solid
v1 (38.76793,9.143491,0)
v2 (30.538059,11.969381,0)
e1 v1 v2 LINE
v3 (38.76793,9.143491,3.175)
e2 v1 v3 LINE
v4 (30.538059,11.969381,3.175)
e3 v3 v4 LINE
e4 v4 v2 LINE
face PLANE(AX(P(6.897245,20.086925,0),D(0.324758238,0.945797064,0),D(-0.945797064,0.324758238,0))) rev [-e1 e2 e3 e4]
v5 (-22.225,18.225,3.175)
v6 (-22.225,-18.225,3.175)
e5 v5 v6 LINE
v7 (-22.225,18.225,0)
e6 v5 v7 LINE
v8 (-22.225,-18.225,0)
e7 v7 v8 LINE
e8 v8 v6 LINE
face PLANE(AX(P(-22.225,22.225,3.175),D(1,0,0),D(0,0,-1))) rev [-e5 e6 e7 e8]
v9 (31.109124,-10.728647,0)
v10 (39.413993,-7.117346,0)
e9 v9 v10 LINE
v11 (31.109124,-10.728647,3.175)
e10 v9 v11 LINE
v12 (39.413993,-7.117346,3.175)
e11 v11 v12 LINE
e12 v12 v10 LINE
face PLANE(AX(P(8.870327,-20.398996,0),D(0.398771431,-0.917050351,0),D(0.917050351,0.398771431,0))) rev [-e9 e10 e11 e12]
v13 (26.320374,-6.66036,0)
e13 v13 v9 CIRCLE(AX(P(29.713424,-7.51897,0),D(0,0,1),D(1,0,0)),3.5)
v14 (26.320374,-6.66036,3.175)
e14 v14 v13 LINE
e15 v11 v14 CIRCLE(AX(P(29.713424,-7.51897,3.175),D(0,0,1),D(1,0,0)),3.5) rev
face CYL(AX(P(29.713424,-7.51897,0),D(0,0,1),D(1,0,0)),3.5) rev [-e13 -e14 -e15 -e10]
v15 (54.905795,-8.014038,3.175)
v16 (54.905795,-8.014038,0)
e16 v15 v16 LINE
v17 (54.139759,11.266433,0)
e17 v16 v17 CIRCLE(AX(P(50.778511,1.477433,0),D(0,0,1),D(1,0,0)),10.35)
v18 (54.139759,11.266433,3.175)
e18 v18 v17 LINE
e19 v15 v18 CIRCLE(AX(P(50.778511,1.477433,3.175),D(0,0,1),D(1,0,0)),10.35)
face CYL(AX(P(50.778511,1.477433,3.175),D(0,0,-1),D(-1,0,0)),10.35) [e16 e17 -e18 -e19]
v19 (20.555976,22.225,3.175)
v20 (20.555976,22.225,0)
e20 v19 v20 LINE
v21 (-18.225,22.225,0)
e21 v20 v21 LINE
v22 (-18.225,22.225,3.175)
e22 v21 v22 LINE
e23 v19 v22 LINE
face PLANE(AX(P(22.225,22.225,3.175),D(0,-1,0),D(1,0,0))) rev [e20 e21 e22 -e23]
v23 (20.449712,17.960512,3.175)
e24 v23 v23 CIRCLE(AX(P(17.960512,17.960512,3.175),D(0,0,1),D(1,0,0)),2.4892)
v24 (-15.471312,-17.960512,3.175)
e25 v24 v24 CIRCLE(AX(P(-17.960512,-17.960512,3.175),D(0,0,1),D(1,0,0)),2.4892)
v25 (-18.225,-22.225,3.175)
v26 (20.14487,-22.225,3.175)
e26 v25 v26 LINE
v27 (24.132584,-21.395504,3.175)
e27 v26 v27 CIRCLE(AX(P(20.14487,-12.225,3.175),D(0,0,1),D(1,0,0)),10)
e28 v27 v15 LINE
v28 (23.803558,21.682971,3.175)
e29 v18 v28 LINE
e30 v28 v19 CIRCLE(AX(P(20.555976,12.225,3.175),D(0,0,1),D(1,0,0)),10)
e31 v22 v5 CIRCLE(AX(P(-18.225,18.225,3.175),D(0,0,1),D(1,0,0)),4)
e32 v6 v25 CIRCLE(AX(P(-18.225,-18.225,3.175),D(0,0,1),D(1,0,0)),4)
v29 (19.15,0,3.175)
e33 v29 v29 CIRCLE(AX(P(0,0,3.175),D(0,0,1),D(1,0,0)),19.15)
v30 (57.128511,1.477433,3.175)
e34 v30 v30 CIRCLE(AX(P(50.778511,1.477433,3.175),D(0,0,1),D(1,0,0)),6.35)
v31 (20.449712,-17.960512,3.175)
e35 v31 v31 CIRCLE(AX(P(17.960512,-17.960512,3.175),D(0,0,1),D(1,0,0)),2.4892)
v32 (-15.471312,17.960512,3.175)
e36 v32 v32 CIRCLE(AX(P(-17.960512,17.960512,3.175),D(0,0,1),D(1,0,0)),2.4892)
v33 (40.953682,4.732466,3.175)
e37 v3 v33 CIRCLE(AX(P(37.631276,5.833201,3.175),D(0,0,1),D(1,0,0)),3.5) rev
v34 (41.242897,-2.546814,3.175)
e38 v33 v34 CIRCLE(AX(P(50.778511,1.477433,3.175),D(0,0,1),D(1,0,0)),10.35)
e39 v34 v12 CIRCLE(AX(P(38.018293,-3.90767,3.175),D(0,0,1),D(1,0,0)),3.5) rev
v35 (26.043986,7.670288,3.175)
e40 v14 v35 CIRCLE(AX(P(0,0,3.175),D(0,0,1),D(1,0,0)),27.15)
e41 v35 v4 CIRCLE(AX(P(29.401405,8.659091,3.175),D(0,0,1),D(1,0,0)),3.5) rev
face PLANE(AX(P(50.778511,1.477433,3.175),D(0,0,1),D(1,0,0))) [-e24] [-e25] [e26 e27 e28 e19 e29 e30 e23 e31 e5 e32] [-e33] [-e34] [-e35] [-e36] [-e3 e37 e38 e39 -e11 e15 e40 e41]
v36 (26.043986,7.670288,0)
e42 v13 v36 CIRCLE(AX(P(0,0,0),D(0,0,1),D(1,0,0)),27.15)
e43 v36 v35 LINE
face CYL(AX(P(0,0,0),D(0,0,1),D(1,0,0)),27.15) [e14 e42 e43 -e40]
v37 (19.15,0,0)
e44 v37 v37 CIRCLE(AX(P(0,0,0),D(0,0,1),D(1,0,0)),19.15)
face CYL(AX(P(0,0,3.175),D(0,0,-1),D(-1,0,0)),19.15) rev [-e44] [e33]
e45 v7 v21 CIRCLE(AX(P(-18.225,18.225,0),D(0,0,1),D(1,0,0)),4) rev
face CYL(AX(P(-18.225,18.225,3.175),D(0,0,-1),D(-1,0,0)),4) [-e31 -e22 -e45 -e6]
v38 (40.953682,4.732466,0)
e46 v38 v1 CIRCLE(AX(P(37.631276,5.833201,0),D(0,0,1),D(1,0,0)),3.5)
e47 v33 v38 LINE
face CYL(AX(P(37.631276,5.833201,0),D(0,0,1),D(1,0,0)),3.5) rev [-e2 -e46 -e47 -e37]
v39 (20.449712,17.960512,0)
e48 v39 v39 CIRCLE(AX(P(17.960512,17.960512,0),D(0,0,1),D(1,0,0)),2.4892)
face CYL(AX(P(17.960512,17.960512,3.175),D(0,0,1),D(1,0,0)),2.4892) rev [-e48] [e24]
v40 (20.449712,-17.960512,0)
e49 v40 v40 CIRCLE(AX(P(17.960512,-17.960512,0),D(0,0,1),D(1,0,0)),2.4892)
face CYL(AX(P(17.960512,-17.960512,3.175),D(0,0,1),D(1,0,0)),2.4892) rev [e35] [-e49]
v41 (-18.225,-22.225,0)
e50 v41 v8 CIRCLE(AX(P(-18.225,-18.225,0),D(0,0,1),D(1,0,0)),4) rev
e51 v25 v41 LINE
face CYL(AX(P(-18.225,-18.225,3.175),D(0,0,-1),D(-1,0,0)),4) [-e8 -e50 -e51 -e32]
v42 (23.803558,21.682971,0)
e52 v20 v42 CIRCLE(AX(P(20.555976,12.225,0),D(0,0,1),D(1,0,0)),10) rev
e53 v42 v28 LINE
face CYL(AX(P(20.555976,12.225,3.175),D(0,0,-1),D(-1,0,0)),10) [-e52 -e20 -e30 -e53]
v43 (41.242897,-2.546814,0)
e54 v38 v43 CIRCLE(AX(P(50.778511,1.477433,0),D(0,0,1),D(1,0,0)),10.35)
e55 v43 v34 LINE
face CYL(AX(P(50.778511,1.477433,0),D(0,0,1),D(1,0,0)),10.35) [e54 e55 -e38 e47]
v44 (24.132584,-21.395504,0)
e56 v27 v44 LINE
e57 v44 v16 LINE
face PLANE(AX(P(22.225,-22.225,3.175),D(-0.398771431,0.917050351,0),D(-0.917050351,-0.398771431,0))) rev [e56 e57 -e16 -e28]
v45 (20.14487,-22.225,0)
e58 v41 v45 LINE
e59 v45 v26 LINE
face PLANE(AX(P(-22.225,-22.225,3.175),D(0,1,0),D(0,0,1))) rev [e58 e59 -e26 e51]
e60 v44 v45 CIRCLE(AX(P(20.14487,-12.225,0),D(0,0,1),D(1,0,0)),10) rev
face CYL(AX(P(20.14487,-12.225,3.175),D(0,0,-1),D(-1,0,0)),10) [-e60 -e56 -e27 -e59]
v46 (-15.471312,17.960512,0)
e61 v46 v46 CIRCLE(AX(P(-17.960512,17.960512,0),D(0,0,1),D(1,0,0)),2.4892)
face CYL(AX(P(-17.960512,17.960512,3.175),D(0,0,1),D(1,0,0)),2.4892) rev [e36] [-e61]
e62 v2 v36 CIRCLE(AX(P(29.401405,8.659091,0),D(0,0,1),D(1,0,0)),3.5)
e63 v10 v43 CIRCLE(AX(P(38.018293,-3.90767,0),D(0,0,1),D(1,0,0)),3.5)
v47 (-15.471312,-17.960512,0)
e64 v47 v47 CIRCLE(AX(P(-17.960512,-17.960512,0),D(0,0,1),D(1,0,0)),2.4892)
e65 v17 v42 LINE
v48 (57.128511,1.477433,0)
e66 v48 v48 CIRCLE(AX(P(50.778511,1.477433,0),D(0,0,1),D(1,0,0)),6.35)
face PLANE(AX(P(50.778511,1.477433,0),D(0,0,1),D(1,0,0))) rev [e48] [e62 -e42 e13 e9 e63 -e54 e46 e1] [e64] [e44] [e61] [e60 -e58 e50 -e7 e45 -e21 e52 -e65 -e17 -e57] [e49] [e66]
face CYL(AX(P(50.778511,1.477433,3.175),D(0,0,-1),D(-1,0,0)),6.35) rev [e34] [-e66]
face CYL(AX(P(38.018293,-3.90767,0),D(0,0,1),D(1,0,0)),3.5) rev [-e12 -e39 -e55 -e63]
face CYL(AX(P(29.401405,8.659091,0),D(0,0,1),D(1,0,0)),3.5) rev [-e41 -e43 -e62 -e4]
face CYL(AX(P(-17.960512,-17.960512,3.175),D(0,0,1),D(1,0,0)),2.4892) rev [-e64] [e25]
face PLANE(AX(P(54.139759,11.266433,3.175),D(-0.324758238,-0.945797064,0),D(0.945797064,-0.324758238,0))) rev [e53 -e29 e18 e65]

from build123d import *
from OCP.BRepFilletAPI import BRepFilletAPI_MakeFillet

# Parameters (mm, degrees)
SKETCH1_R              = 19.15
SKETCH1_R_2            = 6.35
BOSS_EXTRUDE1_DEPTH    = 3.175
F_10_CLEARANCE_HOLE1_D = 4.9784
FILLET1_R1             = 4
FILLET1_R2             = 10
CUT_EXTRUDE1_DEPTH     = 66.12085781
FILLET2_R              = 3.5


with BuildPart() as part:
    # Sketch1 → Boss-Extrude1 (new body)
    with BuildSketch(Plane.XY):
        with BuildLine():
            Line((54.139758885, 11.266432616), (22.225, 22.225))
            Line((22.225, 22.225), (-22.225, 22.225))
            Line((-22.225, 22.225), (-22.225, -22.225))
            Line((-22.225, -22.225), (22.225, -22.225))
            Line((22.225, -22.225), (54.905795434, -8.01403813))
            ThreePointArc((54.905795434, -8.01403813), (61.120351683, 1.888326902), (54.139758885, 11.266432616))
        make_face()
        Circle(SKETCH1_R, mode=Mode.SUBTRACT)
        with Locations((50.778511122, 1.477433)):
            Circle(SKETCH1_R_2, mode=Mode.SUBTRACT)
    extrude(amount=BOSS_EXTRUDE1_DEPTH)

    # #10 Clearance Hole1 (through all)
    with Locations(Plane.XY.offset(3.175)):
        with Locations((-17.960512242, 17.960512242), (17.960512242, 17.960512242), (17.960512242, -17.960512242), (-17.960512242, -17.960512242)):
            Hole(F_10_CLEARANCE_HOLE1_D / 2)

    # Fillet1: one fillet with a radius per group of edges: ONE call of the kernel's fillet builder (fillet() takes one radius for all edges)
    fillet1_edges_1 = [part.edges().sort_by_distance(p)[0] for p in [
        (-22.225, 22.225, 1.5875),
        (-22.225, -22.225, 1.5875),
    ]]
    fillet1_edges_2 = [part.edges().sort_by_distance(p)[0] for p in [
        (22.225, 22.225, 1.5875),
        (22.225, -22.225, 1.5875),
    ]]
    fillet1 = BRepFilletAPI_MakeFillet(part.part.solid().wrapped)
    for e in fillet1_edges_1:
        fillet1.Add(FILLET1_R1, e.wrapped)
    for e in fillet1_edges_2:
        fillet1.Add(FILLET1_R2, e.wrapped)
    add(Compound.cast(fillet1.Shape()), mode=Mode.REPLACE)

    # Sketch5 → Cut-Extrude1 (cut, through all)
    with BuildSketch(Plane.XY.offset(3.175)):
        with BuildLine():
            ThreePointArc((27.15, 0), (26.129764539, -7.37278137), (23.145734428, -14.191457916))
            Line((23.145734428, -14.191457916), (43.133854728, -5.499796294))
            ThreePointArc((43.133854728, -5.499796294), (40.43667056, 1.066539098), (42.604398146, 7.82616335))
            Line((42.604398146, 7.82616335), (22.893969402, 14.594131184))
            ThreePointArc((22.893969402, 14.594131184), (26.064283697, 7.601027257), (27.15, 0))
        make_face()
    extrude(amount=-CUT_EXTRUDE1_DEPTH, mode=Mode.SUBTRACT)

    # Fillet2
    fillet2_edges = [part.edges().sort_by_distance(p)[0] for p in [
        (43.133854728, -5.499796294, 1.5875),
        (23.145734428, -14.191457916, 1.5875),
        (42.604398146, 7.82616335, 1.5875),
        (22.893969402, 14.594131184, 1.5875),
    ]]
    fillet(fillet2_edges, radius=FILLET2_R)


solid = part.part
